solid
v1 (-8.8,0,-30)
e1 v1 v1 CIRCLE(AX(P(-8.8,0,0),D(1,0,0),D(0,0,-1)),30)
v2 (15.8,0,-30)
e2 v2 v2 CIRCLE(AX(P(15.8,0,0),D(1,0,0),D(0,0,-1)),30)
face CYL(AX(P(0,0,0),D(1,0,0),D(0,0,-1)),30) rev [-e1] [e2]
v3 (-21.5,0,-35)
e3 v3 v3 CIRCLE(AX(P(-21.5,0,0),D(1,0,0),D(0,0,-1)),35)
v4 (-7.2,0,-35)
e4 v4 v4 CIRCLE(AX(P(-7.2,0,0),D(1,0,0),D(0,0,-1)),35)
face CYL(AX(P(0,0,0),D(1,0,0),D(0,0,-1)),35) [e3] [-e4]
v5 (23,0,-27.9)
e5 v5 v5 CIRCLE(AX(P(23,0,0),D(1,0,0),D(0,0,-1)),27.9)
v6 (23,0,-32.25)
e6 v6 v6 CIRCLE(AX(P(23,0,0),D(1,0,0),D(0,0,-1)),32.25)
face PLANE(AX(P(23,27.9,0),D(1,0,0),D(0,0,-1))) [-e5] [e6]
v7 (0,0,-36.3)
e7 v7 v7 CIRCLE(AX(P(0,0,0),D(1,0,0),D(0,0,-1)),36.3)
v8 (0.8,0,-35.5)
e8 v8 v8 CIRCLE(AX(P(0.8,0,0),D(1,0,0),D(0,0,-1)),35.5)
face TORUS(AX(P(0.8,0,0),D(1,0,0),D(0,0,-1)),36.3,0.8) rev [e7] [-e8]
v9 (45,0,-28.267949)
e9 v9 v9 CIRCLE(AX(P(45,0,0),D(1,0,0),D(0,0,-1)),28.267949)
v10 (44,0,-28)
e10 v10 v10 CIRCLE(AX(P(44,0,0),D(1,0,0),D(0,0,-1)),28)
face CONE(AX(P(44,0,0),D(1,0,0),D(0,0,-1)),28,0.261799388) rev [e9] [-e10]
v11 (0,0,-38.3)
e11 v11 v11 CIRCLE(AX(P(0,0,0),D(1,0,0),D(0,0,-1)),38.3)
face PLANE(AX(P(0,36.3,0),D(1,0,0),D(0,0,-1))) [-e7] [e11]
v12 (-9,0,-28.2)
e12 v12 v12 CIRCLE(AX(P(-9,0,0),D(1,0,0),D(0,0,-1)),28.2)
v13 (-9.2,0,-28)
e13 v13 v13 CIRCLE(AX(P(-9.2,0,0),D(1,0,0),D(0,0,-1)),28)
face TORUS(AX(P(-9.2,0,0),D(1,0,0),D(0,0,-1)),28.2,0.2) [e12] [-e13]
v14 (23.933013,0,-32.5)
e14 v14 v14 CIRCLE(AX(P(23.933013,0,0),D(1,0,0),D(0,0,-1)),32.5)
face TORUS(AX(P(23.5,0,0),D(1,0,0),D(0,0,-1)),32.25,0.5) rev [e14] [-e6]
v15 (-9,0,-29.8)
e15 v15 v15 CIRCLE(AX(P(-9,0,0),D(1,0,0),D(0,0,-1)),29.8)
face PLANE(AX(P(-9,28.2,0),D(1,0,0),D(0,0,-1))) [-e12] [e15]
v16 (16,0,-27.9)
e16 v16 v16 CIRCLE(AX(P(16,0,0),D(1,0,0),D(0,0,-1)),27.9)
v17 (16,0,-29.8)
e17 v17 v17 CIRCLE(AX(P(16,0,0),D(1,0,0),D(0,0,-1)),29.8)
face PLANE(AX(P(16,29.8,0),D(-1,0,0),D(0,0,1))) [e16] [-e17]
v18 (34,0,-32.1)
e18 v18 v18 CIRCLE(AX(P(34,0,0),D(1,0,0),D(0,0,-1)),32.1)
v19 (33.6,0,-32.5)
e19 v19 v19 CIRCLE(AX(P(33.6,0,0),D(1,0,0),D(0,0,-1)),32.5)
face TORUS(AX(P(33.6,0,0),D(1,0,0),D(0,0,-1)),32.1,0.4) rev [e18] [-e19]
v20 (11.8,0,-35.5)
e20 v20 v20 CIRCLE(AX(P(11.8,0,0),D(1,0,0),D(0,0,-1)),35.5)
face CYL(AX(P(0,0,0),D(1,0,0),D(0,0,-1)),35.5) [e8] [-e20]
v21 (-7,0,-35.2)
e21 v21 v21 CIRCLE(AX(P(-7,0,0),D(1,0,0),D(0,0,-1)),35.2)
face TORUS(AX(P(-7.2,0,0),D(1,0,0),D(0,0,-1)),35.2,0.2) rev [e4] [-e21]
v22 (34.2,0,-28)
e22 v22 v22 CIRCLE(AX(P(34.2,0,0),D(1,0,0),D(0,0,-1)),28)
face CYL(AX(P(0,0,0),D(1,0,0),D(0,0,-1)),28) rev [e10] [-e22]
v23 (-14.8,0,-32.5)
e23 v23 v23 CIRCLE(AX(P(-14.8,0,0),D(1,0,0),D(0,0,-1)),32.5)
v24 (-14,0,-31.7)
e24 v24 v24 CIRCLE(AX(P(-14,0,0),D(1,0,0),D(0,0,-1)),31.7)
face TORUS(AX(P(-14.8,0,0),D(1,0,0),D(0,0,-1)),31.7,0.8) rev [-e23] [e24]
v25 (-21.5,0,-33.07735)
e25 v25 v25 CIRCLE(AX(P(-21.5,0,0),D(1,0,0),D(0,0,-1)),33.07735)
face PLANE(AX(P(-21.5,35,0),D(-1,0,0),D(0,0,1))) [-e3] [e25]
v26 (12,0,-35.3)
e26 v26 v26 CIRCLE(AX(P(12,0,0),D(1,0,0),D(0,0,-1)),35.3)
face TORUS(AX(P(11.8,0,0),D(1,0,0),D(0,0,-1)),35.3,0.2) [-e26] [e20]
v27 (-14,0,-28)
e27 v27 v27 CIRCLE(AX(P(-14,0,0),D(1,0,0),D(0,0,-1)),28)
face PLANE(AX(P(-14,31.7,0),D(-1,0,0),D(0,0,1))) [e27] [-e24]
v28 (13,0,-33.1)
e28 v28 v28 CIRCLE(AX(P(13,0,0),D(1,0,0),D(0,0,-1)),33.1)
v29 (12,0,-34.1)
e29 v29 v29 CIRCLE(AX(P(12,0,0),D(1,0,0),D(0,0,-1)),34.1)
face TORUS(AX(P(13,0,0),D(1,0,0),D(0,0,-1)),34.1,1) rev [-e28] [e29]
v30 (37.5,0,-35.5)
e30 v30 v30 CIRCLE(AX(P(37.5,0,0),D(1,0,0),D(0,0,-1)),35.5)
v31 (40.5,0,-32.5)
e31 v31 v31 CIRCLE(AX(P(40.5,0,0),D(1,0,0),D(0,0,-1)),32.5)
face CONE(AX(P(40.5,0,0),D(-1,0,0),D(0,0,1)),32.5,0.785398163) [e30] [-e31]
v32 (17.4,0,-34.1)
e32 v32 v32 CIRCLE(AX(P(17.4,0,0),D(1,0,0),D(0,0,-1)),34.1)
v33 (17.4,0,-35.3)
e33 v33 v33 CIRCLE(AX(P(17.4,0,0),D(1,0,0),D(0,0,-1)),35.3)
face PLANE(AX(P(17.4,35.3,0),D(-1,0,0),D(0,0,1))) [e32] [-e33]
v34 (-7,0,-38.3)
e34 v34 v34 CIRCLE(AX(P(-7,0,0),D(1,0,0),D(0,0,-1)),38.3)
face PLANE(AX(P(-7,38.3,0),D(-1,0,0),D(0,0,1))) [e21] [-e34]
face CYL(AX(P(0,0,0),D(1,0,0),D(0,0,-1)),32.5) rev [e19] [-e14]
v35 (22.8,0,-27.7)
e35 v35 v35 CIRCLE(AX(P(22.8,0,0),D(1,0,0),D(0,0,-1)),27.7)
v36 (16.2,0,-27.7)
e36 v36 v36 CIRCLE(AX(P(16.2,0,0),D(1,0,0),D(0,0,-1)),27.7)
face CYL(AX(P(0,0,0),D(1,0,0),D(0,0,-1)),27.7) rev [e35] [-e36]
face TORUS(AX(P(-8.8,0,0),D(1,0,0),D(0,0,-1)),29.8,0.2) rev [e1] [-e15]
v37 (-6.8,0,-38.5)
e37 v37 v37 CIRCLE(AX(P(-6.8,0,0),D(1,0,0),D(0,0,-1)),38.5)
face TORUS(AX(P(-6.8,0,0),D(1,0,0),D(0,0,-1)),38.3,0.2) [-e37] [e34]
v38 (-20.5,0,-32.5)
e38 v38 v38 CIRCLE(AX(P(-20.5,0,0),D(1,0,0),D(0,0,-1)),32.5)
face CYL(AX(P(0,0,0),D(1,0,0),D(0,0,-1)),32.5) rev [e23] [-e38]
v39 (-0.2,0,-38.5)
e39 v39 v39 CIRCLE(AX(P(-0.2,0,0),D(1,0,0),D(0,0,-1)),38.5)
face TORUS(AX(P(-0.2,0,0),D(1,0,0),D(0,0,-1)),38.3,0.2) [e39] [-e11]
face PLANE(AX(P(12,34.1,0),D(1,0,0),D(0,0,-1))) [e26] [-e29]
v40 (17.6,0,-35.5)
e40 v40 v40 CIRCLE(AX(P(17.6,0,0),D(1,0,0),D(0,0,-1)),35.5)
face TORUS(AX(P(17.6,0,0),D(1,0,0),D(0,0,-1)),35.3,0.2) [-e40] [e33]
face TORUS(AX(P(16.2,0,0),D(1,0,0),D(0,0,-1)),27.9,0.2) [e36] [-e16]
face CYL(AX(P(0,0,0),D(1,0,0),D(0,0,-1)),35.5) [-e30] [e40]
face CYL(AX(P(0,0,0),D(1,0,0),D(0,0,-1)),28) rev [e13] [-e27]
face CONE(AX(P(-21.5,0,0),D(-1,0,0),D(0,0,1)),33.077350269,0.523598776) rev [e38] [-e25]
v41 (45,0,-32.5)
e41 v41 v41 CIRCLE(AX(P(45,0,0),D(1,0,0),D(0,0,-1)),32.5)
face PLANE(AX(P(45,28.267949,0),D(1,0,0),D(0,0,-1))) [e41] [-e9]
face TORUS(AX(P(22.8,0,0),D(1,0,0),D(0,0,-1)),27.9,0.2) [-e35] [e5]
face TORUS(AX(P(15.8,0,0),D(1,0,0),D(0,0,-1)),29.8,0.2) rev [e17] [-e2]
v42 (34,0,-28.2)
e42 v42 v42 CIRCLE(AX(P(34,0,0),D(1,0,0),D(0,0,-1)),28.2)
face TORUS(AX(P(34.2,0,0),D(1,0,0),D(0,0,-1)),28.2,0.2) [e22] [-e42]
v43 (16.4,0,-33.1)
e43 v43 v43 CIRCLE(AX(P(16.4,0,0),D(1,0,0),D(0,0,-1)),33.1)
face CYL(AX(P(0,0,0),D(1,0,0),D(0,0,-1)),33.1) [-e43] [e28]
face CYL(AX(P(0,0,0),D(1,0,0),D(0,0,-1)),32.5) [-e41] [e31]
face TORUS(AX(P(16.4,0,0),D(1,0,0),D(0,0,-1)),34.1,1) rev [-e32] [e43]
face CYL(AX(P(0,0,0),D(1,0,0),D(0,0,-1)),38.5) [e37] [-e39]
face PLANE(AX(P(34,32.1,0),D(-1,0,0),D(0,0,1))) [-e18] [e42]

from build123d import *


with BuildPart() as part:
    # Sketch1 → Base-Revolve (revolve)
    with BuildSketch(Plane.XY):
        with BuildLine():
            Line((0, 36.3), (0, 38.3))
            ThreePointArc((0, 38.3), (-0.058578644, 38.441421356), (-0.2, 38.5))
            Line((-0.2, 38.5), (-6.8, 38.5))
            ThreePointArc((-6.8, 38.5), (-6.941421356, 38.441421356), (-7, 38.3))
            Line((-7, 38.3), (-7, 35.2))
            ThreePointArc((-7, 35.2), (-7.058578644, 35.058578644), (-7.2, 35))
            Line((-7.2, 35), (-21.5, 35))
            Line((-21.5, 35), (-21.5, 33.077350269))
            Line((-21.5, 33.077350269), (-20.5, 32.5))
            Line((-20.5, 32.5), (-14.8, 32.5))
            ThreePointArc((-14.8, 32.5), (-14.234314575, 32.265685425), (-14, 31.7))
            Line((-14, 31.7), (-14, 28))
            Line((-14, 28), (-9.2, 28))
            ThreePointArc((-9.2, 28), (-9.058578644, 28.058578644), (-9, 28.2))
            Line((-9, 28.2), (-9, 29.8))
            ThreePointArc((-9, 29.8), (-8.941421356, 29.941421356), (-8.8, 30))
            Line((-8.8, 30), (15.8, 30))
            ThreePointArc((15.8, 30), (15.941421356, 29.941421356), (16, 29.8))
            Line((16, 29.8), (16, 27.9))
            ThreePointArc((16, 27.9), (16.058578644, 27.758578644), (16.2, 27.7))
            Line((16.2, 27.7), (22.8, 27.7))
            ThreePointArc((22.8, 27.7), (22.941421356, 27.758578644), (23, 27.9))
            Line((23, 27.9), (23, 32.25))
            ThreePointArc((23, 32.25), (23.370590477, 32.732962913), (23.933012702, 32.5))
            Line((23.933012702, 32.5), (33.6, 32.5))
            ThreePointArc((33.6, 32.5), (33.882842712, 32.382842712), (34, 32.1))
            Line((34, 32.1), (34, 28.2))
            ThreePointArc((34, 28.2), (34.058578644, 28.058578644), (34.2, 28))
            Line((34.2, 28), (44, 28))
            Line((44, 28), (45, 28.267949192))
            Line((45, 28.267949192), (45, 32.5))
            Line((45, 32.5), (40.5, 32.5))
            Line((40.5, 32.5), (37.5, 35.5))
            Line((37.5, 35.5), (17.6, 35.5))
            ThreePointArc((17.6, 35.5), (17.458578644, 35.441421356), (17.4, 35.3))
            Line((17.4, 35.3), (17.4, 34.1))
            ThreePointArc((17.4, 34.1), (17.107106781, 33.392893219), (16.4, 33.1))
            Line((16.4, 33.1), (13, 33.1))
            ThreePointArc((13, 33.1), (12.292893219, 33.392893219), (12, 34.1))
            Line((12, 34.1), (12, 35.3))
            ThreePointArc((12, 35.3), (11.941421356, 35.441421356), (11.8, 35.5))
            Line((11.8, 35.5), (0.8, 35.5))
            ThreePointArc((0.8, 35.5), (0.234314575, 35.734314575), (0, 36.3))
        make_face()
    revolve(axis=Axis((0, 0, 0), (-1, 0, 0)))


solid = part.part
